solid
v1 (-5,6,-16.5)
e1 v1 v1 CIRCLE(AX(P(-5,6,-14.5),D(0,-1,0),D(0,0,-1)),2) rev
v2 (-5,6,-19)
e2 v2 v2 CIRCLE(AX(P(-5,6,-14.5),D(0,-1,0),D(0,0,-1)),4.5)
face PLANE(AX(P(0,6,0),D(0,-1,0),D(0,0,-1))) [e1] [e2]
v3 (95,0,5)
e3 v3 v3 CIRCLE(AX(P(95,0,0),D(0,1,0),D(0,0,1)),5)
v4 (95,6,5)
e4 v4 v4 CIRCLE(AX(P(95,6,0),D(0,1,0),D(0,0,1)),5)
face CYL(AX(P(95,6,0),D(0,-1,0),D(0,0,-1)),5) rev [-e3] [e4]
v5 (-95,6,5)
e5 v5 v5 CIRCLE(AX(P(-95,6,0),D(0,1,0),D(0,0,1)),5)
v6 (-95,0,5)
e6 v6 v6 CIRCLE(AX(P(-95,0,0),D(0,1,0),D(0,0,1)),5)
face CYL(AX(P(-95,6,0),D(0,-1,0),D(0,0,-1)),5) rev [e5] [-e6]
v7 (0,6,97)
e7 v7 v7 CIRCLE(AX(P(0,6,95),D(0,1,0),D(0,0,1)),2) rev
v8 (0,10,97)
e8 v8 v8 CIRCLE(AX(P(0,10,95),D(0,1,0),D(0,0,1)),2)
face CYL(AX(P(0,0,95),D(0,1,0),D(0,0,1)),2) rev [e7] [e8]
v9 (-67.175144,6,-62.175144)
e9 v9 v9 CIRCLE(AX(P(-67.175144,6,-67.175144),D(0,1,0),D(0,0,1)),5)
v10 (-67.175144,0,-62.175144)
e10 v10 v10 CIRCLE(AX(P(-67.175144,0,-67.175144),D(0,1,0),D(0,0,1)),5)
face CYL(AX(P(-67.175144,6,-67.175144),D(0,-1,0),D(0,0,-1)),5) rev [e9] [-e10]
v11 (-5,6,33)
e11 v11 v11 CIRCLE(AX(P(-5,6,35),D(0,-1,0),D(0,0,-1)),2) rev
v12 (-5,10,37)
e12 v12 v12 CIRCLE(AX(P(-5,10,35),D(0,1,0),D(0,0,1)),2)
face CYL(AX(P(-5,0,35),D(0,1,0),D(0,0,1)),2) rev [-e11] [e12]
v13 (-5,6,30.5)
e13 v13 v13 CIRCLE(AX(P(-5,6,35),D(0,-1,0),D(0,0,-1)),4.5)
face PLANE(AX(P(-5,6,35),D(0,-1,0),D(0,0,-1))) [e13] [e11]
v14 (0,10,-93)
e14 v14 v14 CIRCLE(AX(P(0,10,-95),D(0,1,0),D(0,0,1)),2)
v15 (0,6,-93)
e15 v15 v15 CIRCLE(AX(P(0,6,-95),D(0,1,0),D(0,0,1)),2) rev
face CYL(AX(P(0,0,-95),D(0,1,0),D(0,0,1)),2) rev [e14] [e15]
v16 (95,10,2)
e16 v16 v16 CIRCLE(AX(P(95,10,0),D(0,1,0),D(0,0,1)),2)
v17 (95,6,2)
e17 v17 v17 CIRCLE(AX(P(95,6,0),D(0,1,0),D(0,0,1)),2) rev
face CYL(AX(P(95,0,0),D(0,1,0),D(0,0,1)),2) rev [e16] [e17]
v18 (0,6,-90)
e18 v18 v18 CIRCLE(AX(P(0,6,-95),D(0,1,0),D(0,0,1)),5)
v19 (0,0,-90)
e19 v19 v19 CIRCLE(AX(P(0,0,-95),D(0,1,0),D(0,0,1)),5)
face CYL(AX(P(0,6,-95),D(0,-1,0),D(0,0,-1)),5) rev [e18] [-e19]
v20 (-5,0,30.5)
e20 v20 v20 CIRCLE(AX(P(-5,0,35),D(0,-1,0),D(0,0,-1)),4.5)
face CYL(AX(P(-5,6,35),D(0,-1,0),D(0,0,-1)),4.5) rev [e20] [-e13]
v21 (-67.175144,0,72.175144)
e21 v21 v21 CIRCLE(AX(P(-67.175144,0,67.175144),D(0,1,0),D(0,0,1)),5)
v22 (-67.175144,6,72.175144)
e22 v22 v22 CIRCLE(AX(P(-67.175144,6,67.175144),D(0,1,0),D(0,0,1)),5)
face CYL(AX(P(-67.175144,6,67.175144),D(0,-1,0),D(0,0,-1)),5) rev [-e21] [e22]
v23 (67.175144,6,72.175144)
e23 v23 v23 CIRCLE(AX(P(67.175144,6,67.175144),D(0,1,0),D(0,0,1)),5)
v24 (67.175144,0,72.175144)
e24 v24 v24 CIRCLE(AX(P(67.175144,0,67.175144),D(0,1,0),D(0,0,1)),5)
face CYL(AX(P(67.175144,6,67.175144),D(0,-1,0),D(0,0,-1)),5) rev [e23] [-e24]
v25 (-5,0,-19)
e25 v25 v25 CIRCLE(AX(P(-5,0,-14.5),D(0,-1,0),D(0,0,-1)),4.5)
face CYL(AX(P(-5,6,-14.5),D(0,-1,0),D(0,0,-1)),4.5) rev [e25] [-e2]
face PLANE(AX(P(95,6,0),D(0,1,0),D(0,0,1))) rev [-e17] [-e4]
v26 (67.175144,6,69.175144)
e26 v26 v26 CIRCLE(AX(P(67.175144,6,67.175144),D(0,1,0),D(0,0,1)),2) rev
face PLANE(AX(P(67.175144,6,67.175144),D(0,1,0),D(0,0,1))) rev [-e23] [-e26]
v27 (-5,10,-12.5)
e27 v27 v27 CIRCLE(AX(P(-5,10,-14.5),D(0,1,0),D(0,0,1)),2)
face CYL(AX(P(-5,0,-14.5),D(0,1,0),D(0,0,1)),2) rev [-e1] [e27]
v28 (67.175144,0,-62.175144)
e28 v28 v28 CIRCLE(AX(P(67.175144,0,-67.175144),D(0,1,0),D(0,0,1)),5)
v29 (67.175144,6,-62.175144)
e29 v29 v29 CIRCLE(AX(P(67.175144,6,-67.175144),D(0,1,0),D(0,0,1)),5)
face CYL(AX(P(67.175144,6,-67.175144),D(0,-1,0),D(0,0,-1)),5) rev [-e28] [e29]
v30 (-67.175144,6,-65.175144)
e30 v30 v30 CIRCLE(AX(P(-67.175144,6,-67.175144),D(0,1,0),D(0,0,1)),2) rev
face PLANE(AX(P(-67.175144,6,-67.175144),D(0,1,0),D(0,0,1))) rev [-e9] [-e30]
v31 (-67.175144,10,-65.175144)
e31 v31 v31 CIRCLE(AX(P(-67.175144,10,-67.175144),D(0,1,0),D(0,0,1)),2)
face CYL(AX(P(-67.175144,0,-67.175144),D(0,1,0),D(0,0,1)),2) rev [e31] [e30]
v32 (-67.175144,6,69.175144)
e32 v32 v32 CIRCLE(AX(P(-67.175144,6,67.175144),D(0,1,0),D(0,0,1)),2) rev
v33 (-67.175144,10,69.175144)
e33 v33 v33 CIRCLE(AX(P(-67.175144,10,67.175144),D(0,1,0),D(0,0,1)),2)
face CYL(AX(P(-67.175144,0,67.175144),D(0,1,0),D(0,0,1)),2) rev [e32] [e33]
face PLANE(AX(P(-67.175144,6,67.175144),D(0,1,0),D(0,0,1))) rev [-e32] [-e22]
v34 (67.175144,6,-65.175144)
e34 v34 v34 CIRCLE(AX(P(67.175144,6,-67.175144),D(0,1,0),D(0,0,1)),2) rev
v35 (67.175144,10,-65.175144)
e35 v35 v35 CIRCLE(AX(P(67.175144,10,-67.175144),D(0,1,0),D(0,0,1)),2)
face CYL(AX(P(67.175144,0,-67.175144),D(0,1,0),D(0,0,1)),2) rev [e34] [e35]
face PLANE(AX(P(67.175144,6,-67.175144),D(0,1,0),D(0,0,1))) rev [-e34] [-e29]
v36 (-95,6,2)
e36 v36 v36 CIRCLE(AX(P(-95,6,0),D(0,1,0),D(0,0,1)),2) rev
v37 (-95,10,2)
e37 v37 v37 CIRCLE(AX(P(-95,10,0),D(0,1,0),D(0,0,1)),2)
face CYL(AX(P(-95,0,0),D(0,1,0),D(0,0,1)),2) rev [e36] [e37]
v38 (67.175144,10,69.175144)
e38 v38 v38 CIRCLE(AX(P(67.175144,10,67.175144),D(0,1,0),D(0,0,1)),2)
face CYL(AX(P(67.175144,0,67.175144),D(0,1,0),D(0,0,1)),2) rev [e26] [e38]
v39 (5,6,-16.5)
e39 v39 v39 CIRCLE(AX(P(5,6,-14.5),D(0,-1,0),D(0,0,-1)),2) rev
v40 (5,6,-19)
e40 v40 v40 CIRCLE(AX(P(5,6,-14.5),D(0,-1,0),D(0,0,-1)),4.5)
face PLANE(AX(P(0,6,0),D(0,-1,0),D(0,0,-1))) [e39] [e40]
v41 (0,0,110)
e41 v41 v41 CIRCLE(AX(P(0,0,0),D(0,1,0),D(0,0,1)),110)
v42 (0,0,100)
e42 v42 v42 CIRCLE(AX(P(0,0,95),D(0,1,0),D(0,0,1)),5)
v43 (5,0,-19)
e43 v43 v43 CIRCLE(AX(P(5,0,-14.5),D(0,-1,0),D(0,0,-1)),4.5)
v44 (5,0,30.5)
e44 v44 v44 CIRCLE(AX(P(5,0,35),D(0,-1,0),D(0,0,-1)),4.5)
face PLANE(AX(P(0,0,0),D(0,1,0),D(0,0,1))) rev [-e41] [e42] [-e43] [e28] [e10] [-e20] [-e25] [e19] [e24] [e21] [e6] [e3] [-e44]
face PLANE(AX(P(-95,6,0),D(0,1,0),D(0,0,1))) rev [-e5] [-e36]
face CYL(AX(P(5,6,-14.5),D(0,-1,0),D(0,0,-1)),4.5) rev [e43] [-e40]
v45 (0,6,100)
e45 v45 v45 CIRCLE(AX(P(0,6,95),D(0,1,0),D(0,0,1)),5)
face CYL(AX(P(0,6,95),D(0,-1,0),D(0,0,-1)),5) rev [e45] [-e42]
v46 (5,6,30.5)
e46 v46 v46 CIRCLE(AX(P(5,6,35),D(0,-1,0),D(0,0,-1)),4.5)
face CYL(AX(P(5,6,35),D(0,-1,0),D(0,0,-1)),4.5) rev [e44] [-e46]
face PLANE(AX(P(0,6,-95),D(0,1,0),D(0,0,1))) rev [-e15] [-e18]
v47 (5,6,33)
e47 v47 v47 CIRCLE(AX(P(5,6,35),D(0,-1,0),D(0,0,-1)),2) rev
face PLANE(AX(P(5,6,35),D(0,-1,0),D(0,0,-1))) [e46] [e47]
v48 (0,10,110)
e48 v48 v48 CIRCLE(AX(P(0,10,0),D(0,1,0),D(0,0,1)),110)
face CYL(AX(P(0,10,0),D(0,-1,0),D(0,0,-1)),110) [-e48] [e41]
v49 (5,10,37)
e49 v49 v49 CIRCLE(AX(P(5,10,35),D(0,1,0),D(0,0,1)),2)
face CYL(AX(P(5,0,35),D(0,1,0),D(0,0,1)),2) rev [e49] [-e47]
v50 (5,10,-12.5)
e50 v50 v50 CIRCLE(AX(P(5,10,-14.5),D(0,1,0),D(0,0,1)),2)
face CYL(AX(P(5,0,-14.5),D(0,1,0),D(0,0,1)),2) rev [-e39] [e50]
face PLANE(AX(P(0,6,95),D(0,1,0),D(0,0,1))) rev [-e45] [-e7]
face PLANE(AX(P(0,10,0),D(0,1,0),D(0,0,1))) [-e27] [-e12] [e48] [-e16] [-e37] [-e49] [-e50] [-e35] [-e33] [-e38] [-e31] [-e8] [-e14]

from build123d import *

# Parameters (mm, degrees)
SKETCH2_R           = 110
BOSS_EXTRUDE2_DEPTH = 10
SKETCH3_R           = 2
CUT_EXTRUDE1_DEPTH  = 10
SKETCH4_R           = 5
CUT_EXTRUDE2_DEPTH  = 6
SKETCH5_R           = 2
CUT_EXTRUDE3_DEPTH  = 156.884572681
CUT_EXTRUDE9_START  = -6
SKETCH7_R           = 4.5
SKETCH7_R_2         = 2
CUT_EXTRUDE9_DEPTH  = 6
SKETCH8_R           = 4.5
CUT_EXTRUDE10_DEPTH = 6


with BuildPart() as part:
    # Sketch2 → Boss-Extrude2 (new body)
    with BuildSketch(Plane(origin=(0, 0, 0), x_dir=(1, 0, 0), z_dir=(0, 1, 0))):
        with Locations(Location((0, 0, 0), (0, 0, 270))):
            Circle(SKETCH2_R)
    extrude(amount=BOSS_EXTRUDE2_DEPTH)

    # Sketch3 → Cut-Extrude1 (cut)
    with BuildSketch(Plane(origin=(0, 10, 0), x_dir=(1, 0, 0), z_dir=(0, 1, 0))):
        with Locations(Location((0, 95, 0), (0, 0, 270))):
            Circle(SKETCH3_R)
        with Locations(Location((67.175144213, 67.175144213, 0), (0, 0, 270))):
            Circle(SKETCH3_R)
        with Locations(Location((95, 0, 0), (0, 0, 270))):
            Circle(SKETCH3_R)
        with Locations(Location((67.175144213, -67.175144213, 0), (0, 0, 270))):
            Circle(SKETCH3_R)
        with Locations(Location((0, -95, 0), (0, 0, 270))):
            Circle(SKETCH3_R)
        with Locations(Location((-67.175144213, -67.175144213, 0), (0, 0, 270))):
            Circle(SKETCH3_R)
        with Locations(Location((-95, 0, 0), (0, 0, 270))):
            Circle(SKETCH3_R)
        with Locations(Location((-67.175144213, 67.175144213, 0), (0, 0, 270))):
            Circle(SKETCH3_R)
    extrude(amount=-CUT_EXTRUDE1_DEPTH, mode=Mode.SUBTRACT)

    # Sketch4 → Cut-Extrude2 (cut)
    with BuildSketch(Plane(origin=(0, 0, 0), x_dir=(1, 0, 0), z_dir=(0, 1, 0))):
        with Locations(Location((0, 95, 0), (0, 0, 270))):
            Circle(SKETCH4_R)
        with Locations(Location((67.175144213, 67.175144213, 0), (0, 0, 270))):
            Circle(SKETCH4_R)
        with Locations(Location((95, 0, 0), (0, 0, 270))):
            Circle(SKETCH4_R)
        with Locations(Location((67.175144213, -67.175144213, 0), (0, 0, 270))):
            Circle(SKETCH4_R)
        with Locations(Location((0, -95, 0), (0, 0, 270))):
            Circle(SKETCH4_R)
        with Locations(Location((-67.175144213, -67.175144213, 0), (0, 0, 270))):
            Circle(SKETCH4_R)
        with Locations(Location((-95, 0, 0), (0, 0, 270))):
            Circle(SKETCH4_R)
        with Locations(Location((-67.175144213, 67.175144213, 0), (0, 0, 270))):
            Circle(SKETCH4_R)
    extrude(amount=CUT_EXTRUDE2_DEPTH, mode=Mode.SUBTRACT)

    # Sketch5 → Cut-Extrude3 (cut, through all)
    with BuildSketch(Plane(origin=(0, 10, 0), x_dir=(1, 0, 0), z_dir=(0, 1, 0))):
        with Locations(Location((5, 14.5, 0), (0, 0, 270))):
            Circle(SKETCH5_R)
        with Locations(Location((-5, 14.5, 0), (0, 0, 270))):
            Circle(SKETCH5_R)
        with Locations(Location((5, -35, 0), (0, 0, 270))):
            Circle(SKETCH5_R)
        with Locations(Location((-5, -35, 0), (0, 0, 270))):
            Circle(SKETCH5_R)
    extrude(amount=-CUT_EXTRUDE3_DEPTH, mode=Mode.SUBTRACT)

    # Sketch7 → Cut-Extrude9 (cut)
    # profile 1 of 2: a face of its own
    with BuildSketch(Plane.XZ.offset(CUT_EXTRUDE9_START)):
        with Locations(Location((5, -14.5, 0), (0, 0, 270))):
            Circle(SKETCH7_R)
        with Locations(Location((5, -14.5, 0), (0, 0, 90))):
            Circle(SKETCH7_R_2, mode=Mode.SUBTRACT)
    # profile 2 of 2: a face of its own
    with BuildSketch(Plane.XZ.offset(CUT_EXTRUDE9_START)):
        with Locations(Location((-5, -14.5, 0), (0, 0, 270))):
            Circle(SKETCH7_R)
        with Locations(Location((-5, -14.5, 0), (0, 0, 90))):
            Circle(SKETCH7_R_2, mode=Mode.SUBTRACT)
    extrude(amount=CUT_EXTRUDE9_DEPTH, mode=Mode.SUBTRACT)

    # Sketch8 → Cut-Extrude10 (cut)
    with BuildSketch(Plane.XZ):
        with Locations(Location((5, 35, 0), (0, 0, 270))):
            Circle(SKETCH8_R)
        with Locations(Location((-5, 35, 0), (0, 0, 270))):
            Circle(SKETCH8_R)
    extrude(amount=-CUT_EXTRUDE10_DEPTH, mode=Mode.SUBTRACT)


solid = part.part
